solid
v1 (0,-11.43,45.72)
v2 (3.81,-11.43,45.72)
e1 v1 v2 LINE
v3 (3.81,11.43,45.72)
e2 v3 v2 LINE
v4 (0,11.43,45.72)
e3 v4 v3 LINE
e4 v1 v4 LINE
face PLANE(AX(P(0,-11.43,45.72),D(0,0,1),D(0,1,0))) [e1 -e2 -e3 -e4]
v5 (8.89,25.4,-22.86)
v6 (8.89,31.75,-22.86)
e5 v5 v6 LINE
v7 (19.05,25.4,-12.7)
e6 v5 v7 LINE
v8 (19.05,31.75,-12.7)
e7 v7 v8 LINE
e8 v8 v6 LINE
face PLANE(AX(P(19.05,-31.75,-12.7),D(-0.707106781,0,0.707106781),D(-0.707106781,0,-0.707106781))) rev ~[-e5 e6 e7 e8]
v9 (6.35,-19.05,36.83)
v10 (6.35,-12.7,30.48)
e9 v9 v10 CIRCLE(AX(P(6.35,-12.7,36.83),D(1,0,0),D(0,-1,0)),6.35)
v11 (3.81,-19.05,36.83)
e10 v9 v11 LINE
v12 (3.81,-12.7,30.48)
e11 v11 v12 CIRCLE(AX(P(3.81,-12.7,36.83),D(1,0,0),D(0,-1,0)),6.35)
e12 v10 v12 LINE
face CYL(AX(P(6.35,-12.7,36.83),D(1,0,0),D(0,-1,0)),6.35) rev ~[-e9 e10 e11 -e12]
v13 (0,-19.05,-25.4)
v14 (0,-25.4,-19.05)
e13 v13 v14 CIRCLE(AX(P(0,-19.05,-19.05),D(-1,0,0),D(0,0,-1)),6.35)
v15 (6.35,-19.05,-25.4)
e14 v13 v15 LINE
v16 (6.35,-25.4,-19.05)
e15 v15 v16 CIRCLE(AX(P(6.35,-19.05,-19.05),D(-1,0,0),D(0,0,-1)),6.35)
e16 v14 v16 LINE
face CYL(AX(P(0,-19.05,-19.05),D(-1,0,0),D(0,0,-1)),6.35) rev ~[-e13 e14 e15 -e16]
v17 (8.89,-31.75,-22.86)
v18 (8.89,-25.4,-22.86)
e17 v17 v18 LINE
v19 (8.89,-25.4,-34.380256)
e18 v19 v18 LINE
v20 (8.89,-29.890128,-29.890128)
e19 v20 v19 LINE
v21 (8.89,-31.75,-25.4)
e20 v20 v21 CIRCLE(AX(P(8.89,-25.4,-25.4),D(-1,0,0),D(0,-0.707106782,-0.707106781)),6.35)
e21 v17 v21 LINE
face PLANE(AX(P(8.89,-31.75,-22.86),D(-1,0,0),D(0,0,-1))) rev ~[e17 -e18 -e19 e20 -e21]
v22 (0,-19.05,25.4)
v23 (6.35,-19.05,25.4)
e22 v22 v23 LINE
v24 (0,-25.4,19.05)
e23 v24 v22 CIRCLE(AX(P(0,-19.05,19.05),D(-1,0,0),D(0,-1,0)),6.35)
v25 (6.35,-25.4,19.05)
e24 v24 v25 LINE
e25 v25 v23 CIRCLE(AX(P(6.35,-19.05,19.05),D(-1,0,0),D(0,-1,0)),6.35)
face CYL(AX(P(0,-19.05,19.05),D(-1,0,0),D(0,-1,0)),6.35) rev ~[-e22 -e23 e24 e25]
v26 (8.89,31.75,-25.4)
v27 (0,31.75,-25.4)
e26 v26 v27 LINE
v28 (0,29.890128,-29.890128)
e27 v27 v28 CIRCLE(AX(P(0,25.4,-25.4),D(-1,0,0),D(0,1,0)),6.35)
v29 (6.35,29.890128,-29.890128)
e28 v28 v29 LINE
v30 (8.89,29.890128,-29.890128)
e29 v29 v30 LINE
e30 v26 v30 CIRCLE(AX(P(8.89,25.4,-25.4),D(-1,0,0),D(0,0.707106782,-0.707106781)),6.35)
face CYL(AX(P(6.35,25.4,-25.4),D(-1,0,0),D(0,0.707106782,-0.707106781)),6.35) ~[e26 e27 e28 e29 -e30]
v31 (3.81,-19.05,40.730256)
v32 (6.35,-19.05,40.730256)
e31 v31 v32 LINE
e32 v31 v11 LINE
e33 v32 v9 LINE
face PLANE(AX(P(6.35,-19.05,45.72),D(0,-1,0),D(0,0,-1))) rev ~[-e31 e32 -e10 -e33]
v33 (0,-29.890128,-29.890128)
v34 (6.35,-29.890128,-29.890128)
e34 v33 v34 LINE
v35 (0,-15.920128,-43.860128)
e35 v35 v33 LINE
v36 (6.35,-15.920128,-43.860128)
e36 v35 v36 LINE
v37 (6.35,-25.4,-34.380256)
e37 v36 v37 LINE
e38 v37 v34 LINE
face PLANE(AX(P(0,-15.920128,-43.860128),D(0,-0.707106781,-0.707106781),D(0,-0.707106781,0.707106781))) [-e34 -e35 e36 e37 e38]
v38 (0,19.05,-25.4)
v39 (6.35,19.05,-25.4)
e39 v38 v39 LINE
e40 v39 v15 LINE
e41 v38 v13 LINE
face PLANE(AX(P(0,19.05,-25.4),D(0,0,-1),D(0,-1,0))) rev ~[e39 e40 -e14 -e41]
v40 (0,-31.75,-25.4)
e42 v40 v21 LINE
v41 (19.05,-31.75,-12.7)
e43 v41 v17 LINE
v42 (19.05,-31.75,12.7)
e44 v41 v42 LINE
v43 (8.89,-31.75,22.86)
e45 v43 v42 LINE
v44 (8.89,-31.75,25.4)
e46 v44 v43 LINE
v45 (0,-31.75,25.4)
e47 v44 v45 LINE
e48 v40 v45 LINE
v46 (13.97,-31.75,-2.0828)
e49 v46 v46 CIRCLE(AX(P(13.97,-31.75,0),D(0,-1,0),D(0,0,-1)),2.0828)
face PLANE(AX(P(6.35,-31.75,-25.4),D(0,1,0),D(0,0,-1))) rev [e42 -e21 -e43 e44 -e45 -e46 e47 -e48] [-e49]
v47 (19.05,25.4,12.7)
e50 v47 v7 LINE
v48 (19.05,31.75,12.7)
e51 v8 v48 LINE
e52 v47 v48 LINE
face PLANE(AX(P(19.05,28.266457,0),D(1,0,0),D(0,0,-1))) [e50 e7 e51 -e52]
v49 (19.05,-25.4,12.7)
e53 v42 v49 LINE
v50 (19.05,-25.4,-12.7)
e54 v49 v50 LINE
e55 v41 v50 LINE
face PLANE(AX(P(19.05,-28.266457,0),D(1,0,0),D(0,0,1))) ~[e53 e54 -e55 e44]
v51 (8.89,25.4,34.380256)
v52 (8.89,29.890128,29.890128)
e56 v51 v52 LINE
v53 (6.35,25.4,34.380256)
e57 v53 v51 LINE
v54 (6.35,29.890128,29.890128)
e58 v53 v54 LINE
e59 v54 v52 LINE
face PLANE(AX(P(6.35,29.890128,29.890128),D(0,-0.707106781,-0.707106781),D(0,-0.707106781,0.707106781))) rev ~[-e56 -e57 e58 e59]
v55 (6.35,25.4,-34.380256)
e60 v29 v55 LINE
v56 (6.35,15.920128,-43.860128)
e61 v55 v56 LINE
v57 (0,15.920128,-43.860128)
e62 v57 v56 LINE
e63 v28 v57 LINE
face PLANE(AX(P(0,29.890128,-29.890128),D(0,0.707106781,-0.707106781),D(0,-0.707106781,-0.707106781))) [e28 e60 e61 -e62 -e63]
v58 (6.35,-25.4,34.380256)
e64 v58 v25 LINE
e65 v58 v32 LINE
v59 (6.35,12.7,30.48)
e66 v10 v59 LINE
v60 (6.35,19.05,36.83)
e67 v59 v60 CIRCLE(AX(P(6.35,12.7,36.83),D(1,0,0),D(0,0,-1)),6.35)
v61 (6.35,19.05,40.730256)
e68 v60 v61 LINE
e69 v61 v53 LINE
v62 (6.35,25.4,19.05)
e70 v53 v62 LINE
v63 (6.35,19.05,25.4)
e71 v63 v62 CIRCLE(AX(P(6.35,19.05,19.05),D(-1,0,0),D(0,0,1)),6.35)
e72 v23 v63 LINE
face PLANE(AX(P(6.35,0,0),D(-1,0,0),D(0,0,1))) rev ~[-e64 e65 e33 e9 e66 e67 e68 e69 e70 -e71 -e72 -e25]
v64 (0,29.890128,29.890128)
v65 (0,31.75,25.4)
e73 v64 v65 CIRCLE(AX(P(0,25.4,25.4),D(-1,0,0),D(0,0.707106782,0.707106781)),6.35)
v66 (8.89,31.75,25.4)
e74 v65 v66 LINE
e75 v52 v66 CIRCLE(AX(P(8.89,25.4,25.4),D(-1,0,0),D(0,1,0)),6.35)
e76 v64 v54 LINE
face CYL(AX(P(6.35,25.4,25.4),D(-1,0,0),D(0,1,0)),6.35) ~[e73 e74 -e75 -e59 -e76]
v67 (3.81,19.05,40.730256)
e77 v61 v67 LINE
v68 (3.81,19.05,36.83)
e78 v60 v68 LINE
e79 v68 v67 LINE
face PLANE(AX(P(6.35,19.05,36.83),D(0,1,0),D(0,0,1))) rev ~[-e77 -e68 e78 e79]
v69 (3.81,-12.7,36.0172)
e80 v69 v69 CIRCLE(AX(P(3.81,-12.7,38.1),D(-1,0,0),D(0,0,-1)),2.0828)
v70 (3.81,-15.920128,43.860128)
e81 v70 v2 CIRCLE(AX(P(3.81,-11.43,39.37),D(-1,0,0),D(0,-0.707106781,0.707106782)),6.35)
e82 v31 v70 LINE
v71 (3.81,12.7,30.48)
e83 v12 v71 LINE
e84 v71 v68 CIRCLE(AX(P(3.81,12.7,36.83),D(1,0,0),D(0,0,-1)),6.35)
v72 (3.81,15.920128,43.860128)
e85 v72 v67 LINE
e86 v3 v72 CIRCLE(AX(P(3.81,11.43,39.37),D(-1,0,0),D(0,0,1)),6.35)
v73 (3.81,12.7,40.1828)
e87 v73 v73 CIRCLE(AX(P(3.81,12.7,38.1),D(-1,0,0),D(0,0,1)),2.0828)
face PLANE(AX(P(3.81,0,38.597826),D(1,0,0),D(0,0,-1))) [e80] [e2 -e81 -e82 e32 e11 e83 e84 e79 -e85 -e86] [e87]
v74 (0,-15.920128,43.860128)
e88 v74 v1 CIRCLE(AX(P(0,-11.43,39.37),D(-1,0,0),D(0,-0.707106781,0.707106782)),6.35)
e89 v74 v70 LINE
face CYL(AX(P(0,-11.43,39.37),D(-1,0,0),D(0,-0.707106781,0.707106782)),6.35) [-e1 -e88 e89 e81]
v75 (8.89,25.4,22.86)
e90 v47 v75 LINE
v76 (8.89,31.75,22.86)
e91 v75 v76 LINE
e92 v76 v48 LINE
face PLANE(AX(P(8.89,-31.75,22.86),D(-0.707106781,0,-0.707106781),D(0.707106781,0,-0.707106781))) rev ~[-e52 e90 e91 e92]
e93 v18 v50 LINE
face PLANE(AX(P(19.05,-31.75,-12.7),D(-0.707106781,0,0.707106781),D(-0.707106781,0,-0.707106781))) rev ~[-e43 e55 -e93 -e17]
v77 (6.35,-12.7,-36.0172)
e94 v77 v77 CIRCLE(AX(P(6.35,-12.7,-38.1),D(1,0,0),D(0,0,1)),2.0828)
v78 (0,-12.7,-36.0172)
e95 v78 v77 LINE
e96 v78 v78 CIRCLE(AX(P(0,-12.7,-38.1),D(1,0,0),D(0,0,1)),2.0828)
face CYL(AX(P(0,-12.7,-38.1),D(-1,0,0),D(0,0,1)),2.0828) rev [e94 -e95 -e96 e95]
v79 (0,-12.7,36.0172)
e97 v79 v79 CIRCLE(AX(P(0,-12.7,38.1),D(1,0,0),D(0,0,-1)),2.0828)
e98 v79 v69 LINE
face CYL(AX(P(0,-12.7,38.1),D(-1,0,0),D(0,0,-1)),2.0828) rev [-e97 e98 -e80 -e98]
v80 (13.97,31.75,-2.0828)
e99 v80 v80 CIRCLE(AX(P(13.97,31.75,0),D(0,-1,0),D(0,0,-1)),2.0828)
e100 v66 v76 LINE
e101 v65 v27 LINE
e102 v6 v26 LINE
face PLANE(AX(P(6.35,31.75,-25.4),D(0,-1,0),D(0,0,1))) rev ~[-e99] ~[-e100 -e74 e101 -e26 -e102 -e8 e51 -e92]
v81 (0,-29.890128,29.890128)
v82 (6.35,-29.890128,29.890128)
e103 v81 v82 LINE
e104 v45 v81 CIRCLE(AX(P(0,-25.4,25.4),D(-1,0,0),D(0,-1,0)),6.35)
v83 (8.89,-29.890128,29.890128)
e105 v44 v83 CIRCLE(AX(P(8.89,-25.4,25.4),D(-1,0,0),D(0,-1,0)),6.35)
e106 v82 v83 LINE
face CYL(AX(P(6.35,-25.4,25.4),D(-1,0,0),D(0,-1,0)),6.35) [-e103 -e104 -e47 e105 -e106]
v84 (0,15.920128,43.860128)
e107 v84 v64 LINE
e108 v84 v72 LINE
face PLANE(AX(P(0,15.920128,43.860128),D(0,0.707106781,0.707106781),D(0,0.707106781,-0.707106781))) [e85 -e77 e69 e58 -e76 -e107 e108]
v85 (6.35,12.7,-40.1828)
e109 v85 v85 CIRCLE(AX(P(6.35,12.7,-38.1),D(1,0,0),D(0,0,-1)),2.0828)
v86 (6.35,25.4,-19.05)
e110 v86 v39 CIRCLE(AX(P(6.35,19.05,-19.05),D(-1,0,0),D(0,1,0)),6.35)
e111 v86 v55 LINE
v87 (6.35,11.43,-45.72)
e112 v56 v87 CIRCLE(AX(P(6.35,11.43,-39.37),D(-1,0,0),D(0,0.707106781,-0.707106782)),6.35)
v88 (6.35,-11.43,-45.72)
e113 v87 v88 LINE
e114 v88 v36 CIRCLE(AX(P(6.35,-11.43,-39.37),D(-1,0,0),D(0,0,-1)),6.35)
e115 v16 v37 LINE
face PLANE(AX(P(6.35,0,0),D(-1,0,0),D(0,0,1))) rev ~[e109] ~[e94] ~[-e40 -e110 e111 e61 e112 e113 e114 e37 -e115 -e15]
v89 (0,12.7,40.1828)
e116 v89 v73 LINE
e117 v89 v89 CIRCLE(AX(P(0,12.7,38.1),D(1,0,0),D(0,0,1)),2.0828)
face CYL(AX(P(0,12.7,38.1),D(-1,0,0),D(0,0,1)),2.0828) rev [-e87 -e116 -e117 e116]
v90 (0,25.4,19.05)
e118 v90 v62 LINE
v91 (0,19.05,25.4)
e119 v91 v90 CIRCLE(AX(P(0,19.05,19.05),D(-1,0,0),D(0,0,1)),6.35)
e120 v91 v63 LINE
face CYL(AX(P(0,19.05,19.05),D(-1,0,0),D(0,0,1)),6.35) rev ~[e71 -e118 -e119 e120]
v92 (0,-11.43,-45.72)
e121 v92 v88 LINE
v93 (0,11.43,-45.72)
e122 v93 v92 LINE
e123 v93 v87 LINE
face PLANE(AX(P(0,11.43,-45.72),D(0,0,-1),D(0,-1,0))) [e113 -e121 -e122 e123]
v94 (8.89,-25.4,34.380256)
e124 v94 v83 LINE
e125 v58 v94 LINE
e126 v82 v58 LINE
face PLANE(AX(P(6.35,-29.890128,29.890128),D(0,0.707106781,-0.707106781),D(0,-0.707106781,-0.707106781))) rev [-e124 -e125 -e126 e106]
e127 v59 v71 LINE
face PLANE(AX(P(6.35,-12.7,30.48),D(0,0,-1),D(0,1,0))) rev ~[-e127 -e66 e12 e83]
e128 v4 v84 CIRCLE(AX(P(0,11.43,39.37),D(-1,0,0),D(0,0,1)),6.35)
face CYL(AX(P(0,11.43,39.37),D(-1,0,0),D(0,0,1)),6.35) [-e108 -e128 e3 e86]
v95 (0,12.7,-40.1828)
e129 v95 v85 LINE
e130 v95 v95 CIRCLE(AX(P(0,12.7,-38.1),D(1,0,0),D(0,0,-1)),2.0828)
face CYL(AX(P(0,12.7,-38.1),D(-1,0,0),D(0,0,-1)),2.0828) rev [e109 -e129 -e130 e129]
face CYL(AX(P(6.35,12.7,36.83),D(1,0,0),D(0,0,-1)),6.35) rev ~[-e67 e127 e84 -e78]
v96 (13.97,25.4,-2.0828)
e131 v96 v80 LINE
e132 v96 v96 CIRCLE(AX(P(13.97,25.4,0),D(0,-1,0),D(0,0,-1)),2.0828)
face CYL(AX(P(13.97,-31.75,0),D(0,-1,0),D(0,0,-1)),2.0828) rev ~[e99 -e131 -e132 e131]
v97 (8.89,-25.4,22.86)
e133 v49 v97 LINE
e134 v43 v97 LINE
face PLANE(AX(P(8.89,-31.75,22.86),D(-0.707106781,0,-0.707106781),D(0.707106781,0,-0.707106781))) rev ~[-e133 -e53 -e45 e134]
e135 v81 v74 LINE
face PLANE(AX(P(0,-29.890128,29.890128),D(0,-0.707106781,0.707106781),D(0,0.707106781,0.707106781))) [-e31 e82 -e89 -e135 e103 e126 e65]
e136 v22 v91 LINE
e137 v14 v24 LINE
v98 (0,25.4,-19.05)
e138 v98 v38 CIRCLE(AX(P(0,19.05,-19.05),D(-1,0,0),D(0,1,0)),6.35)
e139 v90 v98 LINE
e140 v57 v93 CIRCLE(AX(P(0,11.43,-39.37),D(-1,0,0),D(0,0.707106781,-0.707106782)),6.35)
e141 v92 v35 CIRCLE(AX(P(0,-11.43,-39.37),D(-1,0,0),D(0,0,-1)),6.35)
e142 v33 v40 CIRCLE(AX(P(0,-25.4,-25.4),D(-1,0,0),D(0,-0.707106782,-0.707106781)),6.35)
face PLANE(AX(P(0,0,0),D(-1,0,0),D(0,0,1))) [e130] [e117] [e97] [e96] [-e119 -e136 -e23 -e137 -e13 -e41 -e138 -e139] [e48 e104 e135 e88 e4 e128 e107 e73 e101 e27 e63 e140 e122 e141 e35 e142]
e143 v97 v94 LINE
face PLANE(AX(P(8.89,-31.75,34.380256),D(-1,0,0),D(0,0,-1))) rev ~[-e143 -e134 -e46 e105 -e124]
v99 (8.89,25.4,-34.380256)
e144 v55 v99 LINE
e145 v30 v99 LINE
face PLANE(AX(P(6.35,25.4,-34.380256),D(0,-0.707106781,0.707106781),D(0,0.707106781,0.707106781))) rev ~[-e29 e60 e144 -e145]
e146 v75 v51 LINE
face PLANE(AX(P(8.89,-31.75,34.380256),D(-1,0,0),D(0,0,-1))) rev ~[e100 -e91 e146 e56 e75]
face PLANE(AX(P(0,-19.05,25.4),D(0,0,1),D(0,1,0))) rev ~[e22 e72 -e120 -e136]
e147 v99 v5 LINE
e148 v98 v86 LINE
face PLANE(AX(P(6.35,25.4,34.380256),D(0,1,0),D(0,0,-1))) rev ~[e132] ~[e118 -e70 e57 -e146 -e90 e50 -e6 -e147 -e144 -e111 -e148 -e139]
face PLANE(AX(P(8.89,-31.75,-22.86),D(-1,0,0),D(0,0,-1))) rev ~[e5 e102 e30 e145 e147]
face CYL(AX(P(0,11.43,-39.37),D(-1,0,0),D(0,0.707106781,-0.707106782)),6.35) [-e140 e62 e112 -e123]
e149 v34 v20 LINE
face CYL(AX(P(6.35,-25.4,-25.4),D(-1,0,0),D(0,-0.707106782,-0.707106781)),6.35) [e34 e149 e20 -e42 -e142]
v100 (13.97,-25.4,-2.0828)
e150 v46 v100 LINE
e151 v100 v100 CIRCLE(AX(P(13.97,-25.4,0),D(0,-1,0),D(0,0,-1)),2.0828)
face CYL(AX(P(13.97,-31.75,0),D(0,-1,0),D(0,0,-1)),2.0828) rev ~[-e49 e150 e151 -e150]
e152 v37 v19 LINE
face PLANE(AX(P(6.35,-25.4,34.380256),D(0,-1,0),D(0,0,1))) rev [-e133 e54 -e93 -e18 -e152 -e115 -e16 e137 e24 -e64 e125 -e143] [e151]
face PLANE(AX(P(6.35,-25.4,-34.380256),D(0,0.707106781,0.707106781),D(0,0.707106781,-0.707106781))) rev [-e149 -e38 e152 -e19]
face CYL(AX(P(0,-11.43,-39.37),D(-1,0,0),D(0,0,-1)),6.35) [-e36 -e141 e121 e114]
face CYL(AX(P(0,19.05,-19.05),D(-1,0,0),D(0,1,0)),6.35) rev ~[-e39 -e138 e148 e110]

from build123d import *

# Parameters (mm, degrees)
SKETCH1_R           = 2.0828
BOSS_EXTRUDE1_DEPTH = 6.35
BOSS_EXTRUDE2_DEPTH = 12.7
SKETCH3_W           = 10.16
SKETCH3_H           = 8.980256121
SKETCH3_R           = 2.0828
CUT_EXTRUDE2_DEPTH  = 81.532421421
CUT_EXTRUDE3_DEPTH  = 2.54


with BuildPart() as part:
    # Sketch1 → Boss-Extrude1 (new body)
    with BuildSketch(Plane(origin=(0, 0, 0), x_dir=(0, 0, -1), z_dir=(1, 0, 0))):
        with BuildLine():
            Line((-25.4, 31.75), (25.4, 31.75))
            ThreePointArc((25.4, 31.75), (27.830039796, 31.266635031), (29.890128061, 29.890128061))
            Line((29.890128061, 29.890128061), (43.860128061, 15.920128061))
            ThreePointArc((43.860128061, 15.920128061), (45.236635031, 13.860039796), (45.72, 11.43))
            Line((45.72, 11.43), (45.72, -11.43))
            ThreePointArc((45.72, -11.43), (45.236635031, -13.860039796), (43.860128061, -15.920128061))
            Line((43.860128061, -15.920128061), (29.890128061, -29.890128061))
            ThreePointArc((29.890128061, -29.890128061), (27.830039796, -31.266635031), (25.4, -31.75))
            Line((25.4, -31.75), (-25.4, -31.75))
            ThreePointArc((-25.4, -31.75), (-27.830039796, -31.266635031), (-29.890128061, -29.890128061))
            Line((-29.890128061, -29.890128061), (-43.860128061, -15.920128061))
            ThreePointArc((-43.860128061, -15.920128061), (-45.236635031, -13.860039796), (-45.72, -11.43))
            Line((-45.72, -11.43), (-45.72, 11.43))
            ThreePointArc((-45.72, 11.43), (-45.236635031, 13.860039796), (-43.860128061, 15.920128061))
            Line((-43.860128061, 15.920128061), (-29.890128061, 29.890128061))
            ThreePointArc((-29.890128061, 29.890128061), (-27.830039796, 31.266635031), (-25.4, 31.75))
        make_face()
        with Locations((38.1, 12.7)):
            Circle(SKETCH1_R, mode=Mode.SUBTRACT)
        with Locations(Location((38.1, -12.7, 0), (0, 0, 180))):
            Circle(SKETCH1_R, mode=Mode.SUBTRACT)
        with Locations((-38.1, -12.7)):
            Circle(SKETCH1_R, mode=Mode.SUBTRACT)
        with Locations(Location((-38.1, 12.7, 0), (0, 0, 180))):
            Circle(SKETCH1_R, mode=Mode.SUBTRACT)
        with BuildLine():
            Line((-19.05, 25.4), (19.05, 25.4))
            ThreePointArc((19.05, 25.4), (23.540128061, 23.540128061), (25.4, 19.05))
            Line((25.4, 19.05), (25.4, -19.05))
            ThreePointArc((25.4, -19.05), (23.540128061, -23.540128061), (19.05, -25.4))
            Line((19.05, -25.4), (-19.05, -25.4))
            ThreePointArc((-19.05, -25.4), (-23.540128061, -23.540128061), (-25.4, -19.05))
            Line((-25.4, -19.05), (-25.4, 19.05))
            ThreePointArc((-25.4, 19.05), (-23.540128061, 23.540128061), (-19.05, 25.4))
        make_face(mode=Mode.SUBTRACT)
    extrude(amount=BOSS_EXTRUDE1_DEPTH)

    # Sketch2 → Boss-Extrude2 (add)
    with BuildSketch(Plane(origin=(6.35, 0, 0), x_dir=(0, 0, -1), z_dir=(1, 0, 0))):
        with BuildLine():
            Line((25.4, 31.75), (-25.4, 31.75))
            ThreePointArc((-25.4, 31.75), (-27.830039796, 31.266635031), (-29.890128061, 29.890128061))
            Line((-29.890128061, 29.890128061), (-34.380256121, 25.4))
            Line((-34.380256121, 25.4), (-19.05, 25.4))
            Line((-19.05, 25.4), (19.05, 25.4))
            Line((19.05, 25.4), (34.380256121, 25.4))
            Line((34.380256121, 25.4), (29.890128061, 29.890128061))
            ThreePointArc((29.890128061, 29.890128061), (27.830039796, 31.266635031), (25.4, 31.75))
        make_face()
    boss_extrude2 = extrude(amount=BOSS_EXTRUDE2_DEPTH)

    # Mirror1: Boss-Extrude2 across plane
    add(boss_extrude2.mirror(Plane.ZX))

    # Sketch3 → Cut-Extrude2 (cut, through all)
    with BuildSketch(Plane.XZ.offset(31.75)):
        with Locations((13.97, 29.890128061)):
            Rectangle(SKETCH3_W, SKETCH3_H)
        Polygon((8.89, 22.86), (19.05, 12.7), (19.05, 25.4), (8.89, 25.4), align=None)
        with Locations((13.97, -29.890128061)):
            Rectangle(SKETCH3_W, SKETCH3_H)
        Polygon((8.89, -25.4), (19.05, -25.4), (19.05, -12.7), (8.89, -22.86), align=None)
        with Locations(Location((13.97, 0, 0), (0, 0, 270))):
            Circle(SKETCH3_R)
    extrude(amount=-CUT_EXTRUDE2_DEPTH, mode=Mode.SUBTRACT)

    # Sketch5 → Cut-Extrude3 (cut)
    with BuildSketch(Plane(origin=(6.35, 0, 0), x_dir=(0, 0, -1), z_dir=(1, 0, 0))):
        with BuildLine():
            Line((-36.83, 19.05), (-45.72, 19.05))
            Line((-45.72, 19.05), (-45.72, -19.05))
            Line((-45.72, -19.05), (-36.83, -19.05))
            ThreePointArc((-36.83, -19.05), (-32.339871939, -17.190128061), (-30.48, -12.7))
            Line((-30.48, -12.7), (-30.48, 12.7))
            ThreePointArc((-30.48, 12.7), (-32.339871939, 17.190128061), (-36.83, 19.05))
        make_face()
    extrude(amount=-CUT_EXTRUDE3_DEPTH, mode=Mode.SUBTRACT)


solid = part.part
